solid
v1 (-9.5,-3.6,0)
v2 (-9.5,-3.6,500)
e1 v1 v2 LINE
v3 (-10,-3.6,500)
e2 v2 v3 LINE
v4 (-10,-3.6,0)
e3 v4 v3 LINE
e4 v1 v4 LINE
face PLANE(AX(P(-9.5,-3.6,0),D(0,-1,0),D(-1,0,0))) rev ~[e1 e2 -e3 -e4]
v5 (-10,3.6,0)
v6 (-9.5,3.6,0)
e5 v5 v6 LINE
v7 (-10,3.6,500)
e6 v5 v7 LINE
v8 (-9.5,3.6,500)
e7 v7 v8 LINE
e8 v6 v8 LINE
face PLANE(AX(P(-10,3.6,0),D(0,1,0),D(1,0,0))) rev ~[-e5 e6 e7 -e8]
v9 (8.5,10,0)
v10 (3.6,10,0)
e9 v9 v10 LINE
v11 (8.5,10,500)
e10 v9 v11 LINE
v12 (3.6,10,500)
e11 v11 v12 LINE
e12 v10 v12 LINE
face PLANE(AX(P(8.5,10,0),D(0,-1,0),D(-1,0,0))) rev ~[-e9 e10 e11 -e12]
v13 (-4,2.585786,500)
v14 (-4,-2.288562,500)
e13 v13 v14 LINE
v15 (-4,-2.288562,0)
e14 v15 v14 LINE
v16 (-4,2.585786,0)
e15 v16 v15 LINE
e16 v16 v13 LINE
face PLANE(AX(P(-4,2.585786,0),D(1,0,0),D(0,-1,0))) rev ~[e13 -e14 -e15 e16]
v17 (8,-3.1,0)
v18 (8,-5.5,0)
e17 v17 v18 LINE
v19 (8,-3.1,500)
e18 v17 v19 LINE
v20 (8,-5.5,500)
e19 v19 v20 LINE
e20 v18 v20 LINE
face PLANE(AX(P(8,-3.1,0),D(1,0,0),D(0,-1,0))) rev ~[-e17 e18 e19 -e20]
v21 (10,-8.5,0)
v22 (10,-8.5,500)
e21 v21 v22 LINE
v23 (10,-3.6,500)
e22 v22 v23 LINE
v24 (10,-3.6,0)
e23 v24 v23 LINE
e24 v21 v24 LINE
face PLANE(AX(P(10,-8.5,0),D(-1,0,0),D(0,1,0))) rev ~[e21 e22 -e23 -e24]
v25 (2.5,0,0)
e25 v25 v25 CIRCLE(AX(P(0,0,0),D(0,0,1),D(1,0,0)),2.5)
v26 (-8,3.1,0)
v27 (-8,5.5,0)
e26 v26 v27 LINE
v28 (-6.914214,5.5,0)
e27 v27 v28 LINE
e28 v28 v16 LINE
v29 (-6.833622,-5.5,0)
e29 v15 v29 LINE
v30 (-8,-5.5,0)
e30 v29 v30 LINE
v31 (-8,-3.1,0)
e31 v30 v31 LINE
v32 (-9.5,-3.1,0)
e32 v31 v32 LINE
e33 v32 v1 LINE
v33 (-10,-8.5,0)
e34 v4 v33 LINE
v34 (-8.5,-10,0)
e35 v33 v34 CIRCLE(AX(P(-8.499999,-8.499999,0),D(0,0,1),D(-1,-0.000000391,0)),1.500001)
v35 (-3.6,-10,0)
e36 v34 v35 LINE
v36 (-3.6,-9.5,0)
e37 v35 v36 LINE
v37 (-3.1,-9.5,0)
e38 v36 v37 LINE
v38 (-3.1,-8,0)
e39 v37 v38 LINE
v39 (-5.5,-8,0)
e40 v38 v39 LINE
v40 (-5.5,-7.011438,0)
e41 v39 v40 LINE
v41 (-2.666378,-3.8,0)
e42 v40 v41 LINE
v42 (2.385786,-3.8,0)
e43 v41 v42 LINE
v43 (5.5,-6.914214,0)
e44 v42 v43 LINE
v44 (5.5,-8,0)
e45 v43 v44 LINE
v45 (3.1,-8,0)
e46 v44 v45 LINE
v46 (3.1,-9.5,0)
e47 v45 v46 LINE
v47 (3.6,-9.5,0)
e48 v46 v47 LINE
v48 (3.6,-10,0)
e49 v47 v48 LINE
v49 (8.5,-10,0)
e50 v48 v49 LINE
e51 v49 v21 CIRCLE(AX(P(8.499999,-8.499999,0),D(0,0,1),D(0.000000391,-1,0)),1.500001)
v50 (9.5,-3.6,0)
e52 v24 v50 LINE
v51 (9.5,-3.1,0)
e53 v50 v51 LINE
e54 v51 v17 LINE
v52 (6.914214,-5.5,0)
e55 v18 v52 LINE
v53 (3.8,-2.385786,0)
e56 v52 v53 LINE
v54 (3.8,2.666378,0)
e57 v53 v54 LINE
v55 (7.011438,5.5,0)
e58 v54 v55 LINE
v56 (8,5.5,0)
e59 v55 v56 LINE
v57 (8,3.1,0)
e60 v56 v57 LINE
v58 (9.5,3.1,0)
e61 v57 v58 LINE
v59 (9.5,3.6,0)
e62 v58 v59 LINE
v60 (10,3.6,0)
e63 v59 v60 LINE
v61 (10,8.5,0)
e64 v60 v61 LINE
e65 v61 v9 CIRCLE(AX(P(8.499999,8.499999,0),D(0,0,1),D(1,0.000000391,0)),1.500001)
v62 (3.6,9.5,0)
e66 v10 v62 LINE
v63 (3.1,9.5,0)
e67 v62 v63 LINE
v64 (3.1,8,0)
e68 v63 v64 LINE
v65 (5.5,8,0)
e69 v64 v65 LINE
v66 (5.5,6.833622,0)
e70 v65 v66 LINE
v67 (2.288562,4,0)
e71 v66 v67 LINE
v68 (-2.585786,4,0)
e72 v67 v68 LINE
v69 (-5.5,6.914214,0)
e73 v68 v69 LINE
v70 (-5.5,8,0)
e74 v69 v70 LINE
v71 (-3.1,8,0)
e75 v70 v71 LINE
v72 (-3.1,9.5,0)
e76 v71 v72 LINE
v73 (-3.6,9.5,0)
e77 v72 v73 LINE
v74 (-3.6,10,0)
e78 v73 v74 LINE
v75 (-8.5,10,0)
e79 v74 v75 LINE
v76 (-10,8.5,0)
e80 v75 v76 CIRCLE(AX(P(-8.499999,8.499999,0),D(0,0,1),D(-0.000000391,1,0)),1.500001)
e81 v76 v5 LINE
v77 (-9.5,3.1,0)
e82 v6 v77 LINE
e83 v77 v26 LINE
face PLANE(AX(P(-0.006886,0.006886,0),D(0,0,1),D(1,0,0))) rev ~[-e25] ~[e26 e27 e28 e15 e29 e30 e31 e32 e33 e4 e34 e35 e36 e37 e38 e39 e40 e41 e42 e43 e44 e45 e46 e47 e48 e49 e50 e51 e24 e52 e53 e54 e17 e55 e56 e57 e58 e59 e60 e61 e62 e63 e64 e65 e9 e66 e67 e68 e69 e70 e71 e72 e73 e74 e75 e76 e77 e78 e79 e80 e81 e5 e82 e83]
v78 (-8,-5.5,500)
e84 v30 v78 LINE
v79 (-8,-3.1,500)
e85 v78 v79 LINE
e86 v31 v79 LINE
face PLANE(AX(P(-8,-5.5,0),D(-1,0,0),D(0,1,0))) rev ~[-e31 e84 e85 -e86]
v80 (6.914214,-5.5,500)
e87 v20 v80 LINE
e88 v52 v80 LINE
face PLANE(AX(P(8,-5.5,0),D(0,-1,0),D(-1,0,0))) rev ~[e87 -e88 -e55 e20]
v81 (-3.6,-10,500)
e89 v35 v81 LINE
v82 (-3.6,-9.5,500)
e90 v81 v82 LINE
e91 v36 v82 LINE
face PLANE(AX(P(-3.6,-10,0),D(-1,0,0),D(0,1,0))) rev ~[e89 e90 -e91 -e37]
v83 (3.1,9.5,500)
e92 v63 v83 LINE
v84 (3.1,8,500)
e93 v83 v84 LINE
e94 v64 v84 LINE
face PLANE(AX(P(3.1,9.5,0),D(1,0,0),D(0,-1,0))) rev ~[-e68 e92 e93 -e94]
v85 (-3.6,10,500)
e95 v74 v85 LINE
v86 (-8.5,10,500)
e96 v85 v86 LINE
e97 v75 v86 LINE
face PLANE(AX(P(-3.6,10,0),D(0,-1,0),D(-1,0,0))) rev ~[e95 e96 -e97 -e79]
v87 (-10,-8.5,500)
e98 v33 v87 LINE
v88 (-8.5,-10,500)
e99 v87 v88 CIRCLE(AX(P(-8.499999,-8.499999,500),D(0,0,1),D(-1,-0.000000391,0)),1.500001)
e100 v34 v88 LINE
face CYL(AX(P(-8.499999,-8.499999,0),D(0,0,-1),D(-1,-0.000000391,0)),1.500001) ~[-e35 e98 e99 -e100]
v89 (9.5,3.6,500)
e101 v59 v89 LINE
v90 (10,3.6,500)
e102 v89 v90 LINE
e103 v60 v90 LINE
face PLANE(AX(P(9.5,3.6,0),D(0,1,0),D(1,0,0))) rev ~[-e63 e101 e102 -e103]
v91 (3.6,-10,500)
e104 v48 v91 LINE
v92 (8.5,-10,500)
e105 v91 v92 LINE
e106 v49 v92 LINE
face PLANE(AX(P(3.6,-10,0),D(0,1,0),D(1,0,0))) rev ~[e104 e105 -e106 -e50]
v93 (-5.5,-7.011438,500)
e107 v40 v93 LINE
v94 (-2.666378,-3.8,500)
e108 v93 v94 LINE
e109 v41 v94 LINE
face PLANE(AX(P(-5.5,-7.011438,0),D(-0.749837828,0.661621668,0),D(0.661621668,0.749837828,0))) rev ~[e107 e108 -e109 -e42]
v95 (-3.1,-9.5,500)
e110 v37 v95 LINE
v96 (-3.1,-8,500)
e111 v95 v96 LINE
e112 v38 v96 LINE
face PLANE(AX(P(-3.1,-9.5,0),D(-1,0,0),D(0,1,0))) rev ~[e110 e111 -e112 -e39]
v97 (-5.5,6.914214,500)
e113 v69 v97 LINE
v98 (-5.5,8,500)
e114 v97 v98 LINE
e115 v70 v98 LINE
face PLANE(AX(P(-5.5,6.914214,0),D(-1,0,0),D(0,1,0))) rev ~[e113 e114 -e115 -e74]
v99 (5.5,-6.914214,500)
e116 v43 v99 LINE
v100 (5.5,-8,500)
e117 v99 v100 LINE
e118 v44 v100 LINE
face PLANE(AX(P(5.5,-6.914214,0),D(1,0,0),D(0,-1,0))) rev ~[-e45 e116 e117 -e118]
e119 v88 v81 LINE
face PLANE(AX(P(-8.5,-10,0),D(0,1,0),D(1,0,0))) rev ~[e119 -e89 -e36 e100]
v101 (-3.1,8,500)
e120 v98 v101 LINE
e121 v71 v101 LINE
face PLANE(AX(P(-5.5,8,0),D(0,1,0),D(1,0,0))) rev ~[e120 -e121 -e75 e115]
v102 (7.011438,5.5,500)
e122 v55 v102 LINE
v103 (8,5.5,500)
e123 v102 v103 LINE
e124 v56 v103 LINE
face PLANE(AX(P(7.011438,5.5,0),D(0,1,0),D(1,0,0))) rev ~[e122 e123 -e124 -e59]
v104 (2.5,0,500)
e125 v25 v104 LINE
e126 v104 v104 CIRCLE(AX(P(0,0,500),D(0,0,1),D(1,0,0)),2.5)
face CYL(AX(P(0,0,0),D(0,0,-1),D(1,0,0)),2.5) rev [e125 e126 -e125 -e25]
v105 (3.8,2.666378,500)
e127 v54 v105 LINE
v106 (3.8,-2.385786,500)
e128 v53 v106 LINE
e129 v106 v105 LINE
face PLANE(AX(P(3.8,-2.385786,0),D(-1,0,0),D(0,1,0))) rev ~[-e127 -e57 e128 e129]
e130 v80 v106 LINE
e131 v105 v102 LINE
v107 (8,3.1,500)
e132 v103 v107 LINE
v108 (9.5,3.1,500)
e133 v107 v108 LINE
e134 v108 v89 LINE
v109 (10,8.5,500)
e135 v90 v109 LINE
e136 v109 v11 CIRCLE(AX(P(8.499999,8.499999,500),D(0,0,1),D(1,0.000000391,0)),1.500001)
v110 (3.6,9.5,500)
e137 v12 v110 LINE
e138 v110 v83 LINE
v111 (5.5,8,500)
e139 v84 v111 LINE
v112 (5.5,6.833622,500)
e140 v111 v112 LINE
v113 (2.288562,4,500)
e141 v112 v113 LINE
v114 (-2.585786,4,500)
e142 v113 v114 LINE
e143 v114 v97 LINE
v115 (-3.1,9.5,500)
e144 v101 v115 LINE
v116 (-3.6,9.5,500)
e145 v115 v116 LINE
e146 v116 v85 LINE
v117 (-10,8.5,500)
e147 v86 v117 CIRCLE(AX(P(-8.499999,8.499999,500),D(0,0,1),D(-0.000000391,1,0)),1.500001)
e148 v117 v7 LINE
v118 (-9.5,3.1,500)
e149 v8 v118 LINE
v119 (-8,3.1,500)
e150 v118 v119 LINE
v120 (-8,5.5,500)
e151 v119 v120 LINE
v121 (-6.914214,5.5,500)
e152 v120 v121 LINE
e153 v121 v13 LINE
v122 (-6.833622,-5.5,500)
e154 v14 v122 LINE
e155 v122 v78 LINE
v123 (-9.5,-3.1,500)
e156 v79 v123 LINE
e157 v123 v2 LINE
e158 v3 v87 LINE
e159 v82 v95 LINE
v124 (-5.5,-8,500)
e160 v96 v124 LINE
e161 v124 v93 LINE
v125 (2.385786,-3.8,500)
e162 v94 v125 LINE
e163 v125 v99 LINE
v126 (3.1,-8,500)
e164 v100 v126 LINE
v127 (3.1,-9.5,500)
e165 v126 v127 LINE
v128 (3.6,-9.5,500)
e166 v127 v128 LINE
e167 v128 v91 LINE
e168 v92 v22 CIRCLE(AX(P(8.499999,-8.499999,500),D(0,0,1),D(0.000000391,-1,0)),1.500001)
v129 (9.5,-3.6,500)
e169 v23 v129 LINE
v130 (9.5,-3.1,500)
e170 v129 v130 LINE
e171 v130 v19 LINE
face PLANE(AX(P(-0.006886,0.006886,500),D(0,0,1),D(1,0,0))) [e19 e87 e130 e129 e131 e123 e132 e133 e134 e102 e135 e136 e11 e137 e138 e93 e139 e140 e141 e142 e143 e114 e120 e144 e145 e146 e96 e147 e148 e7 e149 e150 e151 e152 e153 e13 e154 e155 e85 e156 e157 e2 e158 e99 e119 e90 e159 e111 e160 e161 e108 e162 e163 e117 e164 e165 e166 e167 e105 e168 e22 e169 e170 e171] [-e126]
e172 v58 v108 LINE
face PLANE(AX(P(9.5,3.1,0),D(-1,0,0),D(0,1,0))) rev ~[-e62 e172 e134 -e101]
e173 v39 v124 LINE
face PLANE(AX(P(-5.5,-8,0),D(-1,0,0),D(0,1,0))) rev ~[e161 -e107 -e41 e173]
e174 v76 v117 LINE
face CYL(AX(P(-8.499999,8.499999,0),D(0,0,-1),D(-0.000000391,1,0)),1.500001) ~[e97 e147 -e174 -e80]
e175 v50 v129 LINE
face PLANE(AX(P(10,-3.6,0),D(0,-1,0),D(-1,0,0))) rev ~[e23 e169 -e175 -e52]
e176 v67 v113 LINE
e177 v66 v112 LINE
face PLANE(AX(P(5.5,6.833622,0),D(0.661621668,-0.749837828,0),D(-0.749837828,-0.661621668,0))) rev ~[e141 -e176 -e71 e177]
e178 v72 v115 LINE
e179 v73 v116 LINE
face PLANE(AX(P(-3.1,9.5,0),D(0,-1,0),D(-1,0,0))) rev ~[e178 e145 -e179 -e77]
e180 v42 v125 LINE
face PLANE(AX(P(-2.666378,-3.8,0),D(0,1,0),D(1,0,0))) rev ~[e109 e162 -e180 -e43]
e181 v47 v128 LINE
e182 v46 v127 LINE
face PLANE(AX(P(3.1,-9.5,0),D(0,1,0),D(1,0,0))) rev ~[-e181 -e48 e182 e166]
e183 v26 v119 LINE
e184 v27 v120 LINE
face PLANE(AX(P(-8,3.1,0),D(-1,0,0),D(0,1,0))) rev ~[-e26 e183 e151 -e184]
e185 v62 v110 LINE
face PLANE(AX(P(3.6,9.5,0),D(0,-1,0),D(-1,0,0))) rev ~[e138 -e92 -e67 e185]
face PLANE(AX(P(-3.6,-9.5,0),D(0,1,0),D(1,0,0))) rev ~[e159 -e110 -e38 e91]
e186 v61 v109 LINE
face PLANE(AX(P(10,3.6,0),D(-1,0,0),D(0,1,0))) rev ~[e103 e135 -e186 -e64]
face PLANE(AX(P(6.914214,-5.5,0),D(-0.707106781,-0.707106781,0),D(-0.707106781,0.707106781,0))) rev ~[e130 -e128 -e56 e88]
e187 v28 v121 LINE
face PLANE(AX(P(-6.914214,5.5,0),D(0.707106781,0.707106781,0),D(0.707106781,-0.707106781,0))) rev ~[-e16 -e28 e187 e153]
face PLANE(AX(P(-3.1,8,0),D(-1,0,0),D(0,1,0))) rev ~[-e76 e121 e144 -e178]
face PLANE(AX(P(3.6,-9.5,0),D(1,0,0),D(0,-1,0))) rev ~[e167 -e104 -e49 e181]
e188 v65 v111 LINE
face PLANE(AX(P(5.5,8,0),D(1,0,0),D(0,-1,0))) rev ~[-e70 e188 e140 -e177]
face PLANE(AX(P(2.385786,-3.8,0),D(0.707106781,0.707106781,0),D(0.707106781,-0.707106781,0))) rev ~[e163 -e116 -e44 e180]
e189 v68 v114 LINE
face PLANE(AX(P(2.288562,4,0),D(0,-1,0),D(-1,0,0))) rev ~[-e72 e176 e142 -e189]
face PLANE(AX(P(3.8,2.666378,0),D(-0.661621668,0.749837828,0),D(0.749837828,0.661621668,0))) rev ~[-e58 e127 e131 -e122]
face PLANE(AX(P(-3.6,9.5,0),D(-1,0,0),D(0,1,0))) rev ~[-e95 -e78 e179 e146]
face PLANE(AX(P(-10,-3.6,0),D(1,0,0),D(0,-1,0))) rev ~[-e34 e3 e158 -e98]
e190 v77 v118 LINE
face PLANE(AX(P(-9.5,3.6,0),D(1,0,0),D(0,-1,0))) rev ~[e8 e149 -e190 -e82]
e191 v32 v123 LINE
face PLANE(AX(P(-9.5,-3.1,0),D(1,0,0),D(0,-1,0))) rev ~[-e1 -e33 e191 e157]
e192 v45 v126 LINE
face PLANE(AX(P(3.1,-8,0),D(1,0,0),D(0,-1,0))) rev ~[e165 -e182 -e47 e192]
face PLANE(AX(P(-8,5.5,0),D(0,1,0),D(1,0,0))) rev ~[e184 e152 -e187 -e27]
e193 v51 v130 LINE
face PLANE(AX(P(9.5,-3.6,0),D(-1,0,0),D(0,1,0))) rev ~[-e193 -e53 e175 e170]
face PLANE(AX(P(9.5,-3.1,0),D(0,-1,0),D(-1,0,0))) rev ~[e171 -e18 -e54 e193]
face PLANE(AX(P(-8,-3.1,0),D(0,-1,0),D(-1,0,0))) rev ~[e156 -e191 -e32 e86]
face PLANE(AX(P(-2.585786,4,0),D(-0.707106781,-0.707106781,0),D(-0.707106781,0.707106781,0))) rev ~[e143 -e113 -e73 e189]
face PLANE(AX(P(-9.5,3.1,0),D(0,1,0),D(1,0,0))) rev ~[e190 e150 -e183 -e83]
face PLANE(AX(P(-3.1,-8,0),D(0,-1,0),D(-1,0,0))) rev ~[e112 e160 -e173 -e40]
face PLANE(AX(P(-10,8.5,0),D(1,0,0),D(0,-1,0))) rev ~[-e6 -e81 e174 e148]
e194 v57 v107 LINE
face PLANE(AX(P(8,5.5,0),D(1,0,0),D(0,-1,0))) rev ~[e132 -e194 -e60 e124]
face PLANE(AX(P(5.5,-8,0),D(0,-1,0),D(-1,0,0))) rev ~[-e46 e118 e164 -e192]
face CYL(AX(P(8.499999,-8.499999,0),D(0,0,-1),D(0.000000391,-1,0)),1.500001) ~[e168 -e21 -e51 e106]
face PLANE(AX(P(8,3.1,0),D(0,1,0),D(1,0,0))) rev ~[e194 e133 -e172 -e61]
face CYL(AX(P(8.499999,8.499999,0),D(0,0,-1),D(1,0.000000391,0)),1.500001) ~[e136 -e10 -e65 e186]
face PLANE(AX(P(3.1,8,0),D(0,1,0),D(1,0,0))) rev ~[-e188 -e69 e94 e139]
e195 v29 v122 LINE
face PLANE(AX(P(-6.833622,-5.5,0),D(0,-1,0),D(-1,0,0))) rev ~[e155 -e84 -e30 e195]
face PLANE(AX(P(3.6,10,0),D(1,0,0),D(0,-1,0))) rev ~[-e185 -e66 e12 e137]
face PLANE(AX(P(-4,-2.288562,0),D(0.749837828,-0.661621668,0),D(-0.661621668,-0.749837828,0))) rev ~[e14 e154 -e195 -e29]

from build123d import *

# Parameters (mm, degrees)
F0_R     = 2.5
F1_DEPTH = 500


with BuildPart() as f1:
    # F0 (on Top) → F1 (new body)
    with BuildSketch(Plane.XY):
        with BuildLine():
            Line((-3.6, 10), (-8.5, 10))
            ThreePointArc((-8.5, 10), (-9.56066, 9.56066), (-10, 8.5))
            Line((-10, 8.5), (-10, 3.6))
            Line((-10, 3.6), (-9.5, 3.6))
            Line((-9.5, 3.6), (-9.5, 3.1))
            Line((-9.5, 3.1), (-8, 3.1))
            Line((-8, 3.1), (-8, 5.5))
            Line((-8, 5.5), (-6.914214, 5.5))
            Line((-6.914214, 5.5), (-4, 2.585786))
            Line((-4, 2.585786), (-4, -2.288562))
            Line((-4, -2.288562), (-6.833622, -5.5))
            Line((-6.833622, -5.5), (-8, -5.5))
            Line((-8, -5.5), (-8, -3.1))
            Line((-8, -3.1), (-9.5, -3.1))
            Line((-9.5, -3.1), (-9.5, -3.6))
            Line((-9.5, -3.6), (-10, -3.6))
            Line((-10, -3.6), (-10, -8.5))
            ThreePointArc((-10, -8.5), (-9.56066, -9.56066), (-8.5, -10))
            Line((-8.5, -10), (-3.6, -10))
            Line((-3.6, -10), (-3.6, -9.5))
            Line((-3.6, -9.5), (-3.1, -9.5))
            Line((-3.1, -9.5), (-3.1, -8))
            Line((-3.1, -8), (-5.5, -8))
            Line((-5.5, -8), (-5.5, -7.011438))
            Line((-5.5, -7.011438), (-2.666378, -3.8))
            Line((-2.666378, -3.8), (2.385786, -3.8))
            Line((2.385786, -3.8), (5.5, -6.914214))
            Line((5.5, -6.914214), (5.5, -8))
            Line((5.5, -8), (3.1, -8))
            Line((3.1, -8), (3.1, -9.5))
            Line((3.1, -9.5), (3.6, -9.5))
            Line((3.6, -9.5), (3.6, -10))
            Line((3.6, -10), (8.5, -10))
            ThreePointArc((8.5, -10), (9.56066, -9.56066), (10, -8.5))
            Line((10, -8.5), (10, -3.6))
            Line((10, -3.6), (9.5, -3.6))
            Line((9.5, -3.6), (9.5, -3.1))
            Line((9.5, -3.1), (8, -3.1))
            Line((8, -3.1), (8, -5.5))
            Line((8, -5.5), (6.914214, -5.5))
            Line((6.914214, -5.5), (3.8, -2.385786))
            Line((3.8, -2.385786), (3.8, 2.666378))
            Line((3.8, 2.666378), (7.011438, 5.5))
            Line((7.011438, 5.5), (8, 5.5))
            Line((8, 5.5), (8, 3.1))
            Line((8, 3.1), (9.5, 3.1))
            Line((9.5, 3.1), (9.5, 3.6))
            Line((9.5, 3.6), (10, 3.6))
            Line((10, 3.6), (10, 8.5))
            ThreePointArc((10, 8.5), (9.56066, 9.56066), (8.5, 10))
            Line((8.5, 10), (3.6, 10))
            Line((3.6, 10), (3.6, 9.5))
            Line((3.6, 9.5), (3.1, 9.5))
            Line((3.1, 9.5), (3.1, 8))
            Line((3.1, 8), (5.5, 8))
            Line((5.5, 8), (5.5, 6.833622))
            Line((5.5, 6.833622), (2.288562, 4))
            Line((2.288562, 4), (-2.585786, 4))
            Line((-2.585786, 4), (-5.5, 6.914214))
            Line((-5.5, 6.914214), (-5.5, 8))
            Line((-5.5, 8), (-3.1, 8))
            Line((-3.1, 8), (-3.1, 9.5))
            Line((-3.1, 9.5), (-3.6, 9.5))
            Line((-3.6, 9.5), (-3.6, 10))
        make_face()
        Circle(F0_R, mode=Mode.SUBTRACT)
    extrude(amount=F1_DEPTH)


solid = f1.part
